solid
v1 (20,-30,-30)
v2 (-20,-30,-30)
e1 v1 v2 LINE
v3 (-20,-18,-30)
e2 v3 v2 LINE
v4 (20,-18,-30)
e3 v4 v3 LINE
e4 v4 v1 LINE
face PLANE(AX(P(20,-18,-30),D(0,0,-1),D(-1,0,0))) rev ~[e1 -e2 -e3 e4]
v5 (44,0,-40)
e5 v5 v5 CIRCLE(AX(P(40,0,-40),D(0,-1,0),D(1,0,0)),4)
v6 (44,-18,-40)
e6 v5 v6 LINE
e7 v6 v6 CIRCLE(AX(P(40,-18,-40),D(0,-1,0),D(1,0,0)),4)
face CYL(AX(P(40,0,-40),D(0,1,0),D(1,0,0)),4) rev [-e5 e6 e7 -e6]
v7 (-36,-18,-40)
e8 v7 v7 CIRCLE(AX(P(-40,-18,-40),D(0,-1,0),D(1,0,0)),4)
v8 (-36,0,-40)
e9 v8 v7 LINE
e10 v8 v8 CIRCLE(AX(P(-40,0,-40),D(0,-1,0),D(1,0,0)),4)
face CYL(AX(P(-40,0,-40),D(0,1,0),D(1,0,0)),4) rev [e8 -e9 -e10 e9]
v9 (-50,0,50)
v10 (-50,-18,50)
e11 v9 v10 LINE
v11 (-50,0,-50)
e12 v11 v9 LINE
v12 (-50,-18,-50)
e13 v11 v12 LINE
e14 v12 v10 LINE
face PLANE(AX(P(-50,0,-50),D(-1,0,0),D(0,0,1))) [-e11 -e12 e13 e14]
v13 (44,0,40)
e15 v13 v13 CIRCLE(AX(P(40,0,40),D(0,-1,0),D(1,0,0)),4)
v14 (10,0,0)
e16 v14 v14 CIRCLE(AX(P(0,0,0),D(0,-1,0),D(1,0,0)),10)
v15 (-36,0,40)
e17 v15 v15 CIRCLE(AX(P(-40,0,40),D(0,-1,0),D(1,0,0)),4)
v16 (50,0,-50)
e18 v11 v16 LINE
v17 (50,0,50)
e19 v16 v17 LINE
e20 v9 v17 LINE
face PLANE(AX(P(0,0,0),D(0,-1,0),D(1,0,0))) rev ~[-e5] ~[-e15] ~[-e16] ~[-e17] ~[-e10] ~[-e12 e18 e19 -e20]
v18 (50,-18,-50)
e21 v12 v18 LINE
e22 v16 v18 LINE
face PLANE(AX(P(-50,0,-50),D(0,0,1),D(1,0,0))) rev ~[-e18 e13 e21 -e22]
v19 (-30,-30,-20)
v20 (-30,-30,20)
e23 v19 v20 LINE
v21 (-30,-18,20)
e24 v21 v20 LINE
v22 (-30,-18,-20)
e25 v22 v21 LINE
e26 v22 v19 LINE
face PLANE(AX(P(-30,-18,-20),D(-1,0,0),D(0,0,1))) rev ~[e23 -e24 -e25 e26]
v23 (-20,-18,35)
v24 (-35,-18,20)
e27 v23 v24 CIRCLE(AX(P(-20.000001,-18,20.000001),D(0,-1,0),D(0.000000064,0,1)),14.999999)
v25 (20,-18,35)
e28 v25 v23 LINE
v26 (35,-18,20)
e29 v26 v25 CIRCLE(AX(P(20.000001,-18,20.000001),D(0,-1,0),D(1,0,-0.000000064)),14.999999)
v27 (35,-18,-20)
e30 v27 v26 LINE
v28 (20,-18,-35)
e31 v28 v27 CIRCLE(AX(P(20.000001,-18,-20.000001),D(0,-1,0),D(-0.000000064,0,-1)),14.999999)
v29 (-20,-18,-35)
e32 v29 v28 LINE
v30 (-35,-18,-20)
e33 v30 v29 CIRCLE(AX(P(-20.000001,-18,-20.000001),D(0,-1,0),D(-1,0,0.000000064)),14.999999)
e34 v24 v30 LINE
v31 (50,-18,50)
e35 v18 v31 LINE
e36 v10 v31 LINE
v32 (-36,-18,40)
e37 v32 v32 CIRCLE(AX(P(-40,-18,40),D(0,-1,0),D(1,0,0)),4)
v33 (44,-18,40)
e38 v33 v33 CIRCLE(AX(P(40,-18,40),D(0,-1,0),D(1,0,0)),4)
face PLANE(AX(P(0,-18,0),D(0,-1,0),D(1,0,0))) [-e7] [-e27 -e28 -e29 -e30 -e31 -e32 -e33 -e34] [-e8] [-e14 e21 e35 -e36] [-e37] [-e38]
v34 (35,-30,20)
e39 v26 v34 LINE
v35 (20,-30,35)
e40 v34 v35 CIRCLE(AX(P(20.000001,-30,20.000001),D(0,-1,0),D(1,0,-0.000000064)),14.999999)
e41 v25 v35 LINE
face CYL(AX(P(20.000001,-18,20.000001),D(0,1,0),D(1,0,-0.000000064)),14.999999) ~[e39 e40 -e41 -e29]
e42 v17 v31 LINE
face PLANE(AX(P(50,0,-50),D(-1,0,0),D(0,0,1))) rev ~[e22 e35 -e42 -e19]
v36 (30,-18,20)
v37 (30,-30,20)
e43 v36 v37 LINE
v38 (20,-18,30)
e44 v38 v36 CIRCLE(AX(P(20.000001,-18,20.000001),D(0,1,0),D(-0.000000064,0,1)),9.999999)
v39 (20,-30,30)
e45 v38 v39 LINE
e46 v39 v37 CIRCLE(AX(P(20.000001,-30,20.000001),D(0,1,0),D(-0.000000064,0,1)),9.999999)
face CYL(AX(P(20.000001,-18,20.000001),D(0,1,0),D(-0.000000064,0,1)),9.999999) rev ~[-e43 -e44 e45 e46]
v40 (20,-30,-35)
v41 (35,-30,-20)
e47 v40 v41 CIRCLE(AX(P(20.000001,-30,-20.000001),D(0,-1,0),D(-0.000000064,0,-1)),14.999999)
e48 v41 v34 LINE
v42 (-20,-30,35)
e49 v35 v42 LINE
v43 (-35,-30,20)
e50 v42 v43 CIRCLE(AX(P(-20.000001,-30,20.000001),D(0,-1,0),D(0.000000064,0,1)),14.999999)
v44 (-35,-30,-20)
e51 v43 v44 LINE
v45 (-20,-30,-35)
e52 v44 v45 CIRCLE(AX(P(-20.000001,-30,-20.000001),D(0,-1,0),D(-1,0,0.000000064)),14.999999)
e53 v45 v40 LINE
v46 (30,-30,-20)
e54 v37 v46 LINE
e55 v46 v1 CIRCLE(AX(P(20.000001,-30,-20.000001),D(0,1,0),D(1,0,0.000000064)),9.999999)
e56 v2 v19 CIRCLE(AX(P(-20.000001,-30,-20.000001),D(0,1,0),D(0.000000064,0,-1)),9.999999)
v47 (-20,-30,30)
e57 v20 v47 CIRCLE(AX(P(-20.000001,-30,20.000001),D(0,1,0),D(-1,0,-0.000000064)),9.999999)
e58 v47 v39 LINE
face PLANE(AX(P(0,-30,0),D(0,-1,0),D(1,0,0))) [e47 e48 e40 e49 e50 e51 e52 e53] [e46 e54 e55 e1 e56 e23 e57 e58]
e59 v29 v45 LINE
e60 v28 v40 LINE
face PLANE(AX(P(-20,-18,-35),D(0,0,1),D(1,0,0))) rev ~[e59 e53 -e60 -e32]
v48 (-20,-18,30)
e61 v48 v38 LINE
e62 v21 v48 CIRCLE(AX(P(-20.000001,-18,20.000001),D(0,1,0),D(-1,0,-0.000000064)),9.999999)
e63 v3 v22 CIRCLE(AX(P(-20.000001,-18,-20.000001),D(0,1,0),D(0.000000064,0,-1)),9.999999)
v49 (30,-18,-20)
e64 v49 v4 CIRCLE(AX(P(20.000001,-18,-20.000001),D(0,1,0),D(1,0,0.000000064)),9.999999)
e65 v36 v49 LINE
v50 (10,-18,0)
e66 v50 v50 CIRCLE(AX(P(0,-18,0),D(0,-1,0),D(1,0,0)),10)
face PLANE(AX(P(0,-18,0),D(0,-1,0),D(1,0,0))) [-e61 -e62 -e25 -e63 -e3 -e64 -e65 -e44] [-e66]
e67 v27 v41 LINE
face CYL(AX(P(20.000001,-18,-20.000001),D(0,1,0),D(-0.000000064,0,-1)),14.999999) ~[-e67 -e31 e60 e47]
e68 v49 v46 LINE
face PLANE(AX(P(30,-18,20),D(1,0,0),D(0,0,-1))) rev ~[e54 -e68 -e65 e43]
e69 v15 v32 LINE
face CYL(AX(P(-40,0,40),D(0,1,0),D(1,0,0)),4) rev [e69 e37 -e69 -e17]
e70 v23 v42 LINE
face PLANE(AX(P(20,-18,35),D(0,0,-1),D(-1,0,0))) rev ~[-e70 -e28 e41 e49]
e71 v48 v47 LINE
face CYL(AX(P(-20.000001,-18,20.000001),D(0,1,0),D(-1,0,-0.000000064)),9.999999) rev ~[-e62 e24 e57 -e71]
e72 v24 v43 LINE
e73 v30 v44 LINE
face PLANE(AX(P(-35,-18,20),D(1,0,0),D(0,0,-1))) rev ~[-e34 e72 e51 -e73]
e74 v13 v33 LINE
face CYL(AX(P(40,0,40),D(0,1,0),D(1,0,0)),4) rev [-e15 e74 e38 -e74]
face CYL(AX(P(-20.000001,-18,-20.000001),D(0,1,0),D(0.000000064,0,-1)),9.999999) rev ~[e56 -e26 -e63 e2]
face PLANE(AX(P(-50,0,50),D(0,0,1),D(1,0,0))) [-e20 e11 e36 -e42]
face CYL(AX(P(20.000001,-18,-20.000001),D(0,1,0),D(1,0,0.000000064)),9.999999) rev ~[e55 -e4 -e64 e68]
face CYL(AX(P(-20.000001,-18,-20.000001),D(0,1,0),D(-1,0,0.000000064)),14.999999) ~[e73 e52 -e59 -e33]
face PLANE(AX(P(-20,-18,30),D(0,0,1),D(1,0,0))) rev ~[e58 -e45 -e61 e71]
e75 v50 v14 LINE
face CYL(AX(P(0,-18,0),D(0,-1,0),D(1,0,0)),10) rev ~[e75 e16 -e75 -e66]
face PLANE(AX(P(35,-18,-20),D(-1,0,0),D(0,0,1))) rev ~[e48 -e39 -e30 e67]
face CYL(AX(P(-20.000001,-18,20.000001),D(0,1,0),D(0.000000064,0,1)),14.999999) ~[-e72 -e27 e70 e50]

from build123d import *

# Parameters (mm, degrees)
F0_W     = 100
F0_H     = 100
F0_R     = 4
F1_DEPTH = 18
F3_DEPTH = 12
F4_R     = 10
F5_DEPTH = 30


with BuildPart() as f1:
    # F0 (on Front) → F1 (new body)
    with BuildSketch(Plane.XZ):
        Rectangle(F0_W, F0_H)
        with Locations((-40, -40)):
            Circle(F0_R, mode=Mode.SUBTRACT)
        with Locations((40, -40)):
            Circle(F0_R, mode=Mode.SUBTRACT)
        with Locations((-40, 40)):
            Circle(F0_R, mode=Mode.SUBTRACT)
        with Locations((40, 40)):
            Circle(F0_R, mode=Mode.SUBTRACT)
    extrude(amount=F1_DEPTH)

    # F2 (on face) → F3 (join)
    with BuildSketch(Plane.XZ.offset(18)):
        with BuildLine():
            Line((20, 35), (-20, 35))
            ThreePointArc((-20, 35), (-30.606602, 30.606602), (-35, 20))
            Line((-35, 20), (-35, -20))
            ThreePointArc((-35, -20), (-30.606602, -30.606602), (-20, -35))
            Line((-20, -35), (20, -35))
            ThreePointArc((20, -35), (30.606602, -30.606602), (35, -20))
            Line((35, -20), (35, 20))
            ThreePointArc((35, 20), (30.606602, 30.606602), (20, 35))
        make_face()
        with BuildLine():
            ThreePointArc((-30, 20), (-27.071068, 27.071068), (-20, 30))
            Line((-20, 30), (20, 30))
            ThreePointArc((20, 30), (27.071068, 27.071068), (30, 20))
            Line((30, 20), (30, -20))
            ThreePointArc((30, -20), (27.071068, -27.071068), (20, -30))
            Line((20, -30), (-20, -30))
            ThreePointArc((-20, -30), (-27.071068, -27.071068), (-30, -20))
            Line((-30, -20), (-30, 20))
        make_face(mode=Mode.SUBTRACT)
    extrude(amount=F3_DEPTH)

    # F4 (on face) → F5 (cut)
    with BuildSketch(Plane.XZ.offset(18)):
        Circle(F4_R)
    extrude(amount=-F5_DEPTH, mode=Mode.SUBTRACT)


solid = f1.part
